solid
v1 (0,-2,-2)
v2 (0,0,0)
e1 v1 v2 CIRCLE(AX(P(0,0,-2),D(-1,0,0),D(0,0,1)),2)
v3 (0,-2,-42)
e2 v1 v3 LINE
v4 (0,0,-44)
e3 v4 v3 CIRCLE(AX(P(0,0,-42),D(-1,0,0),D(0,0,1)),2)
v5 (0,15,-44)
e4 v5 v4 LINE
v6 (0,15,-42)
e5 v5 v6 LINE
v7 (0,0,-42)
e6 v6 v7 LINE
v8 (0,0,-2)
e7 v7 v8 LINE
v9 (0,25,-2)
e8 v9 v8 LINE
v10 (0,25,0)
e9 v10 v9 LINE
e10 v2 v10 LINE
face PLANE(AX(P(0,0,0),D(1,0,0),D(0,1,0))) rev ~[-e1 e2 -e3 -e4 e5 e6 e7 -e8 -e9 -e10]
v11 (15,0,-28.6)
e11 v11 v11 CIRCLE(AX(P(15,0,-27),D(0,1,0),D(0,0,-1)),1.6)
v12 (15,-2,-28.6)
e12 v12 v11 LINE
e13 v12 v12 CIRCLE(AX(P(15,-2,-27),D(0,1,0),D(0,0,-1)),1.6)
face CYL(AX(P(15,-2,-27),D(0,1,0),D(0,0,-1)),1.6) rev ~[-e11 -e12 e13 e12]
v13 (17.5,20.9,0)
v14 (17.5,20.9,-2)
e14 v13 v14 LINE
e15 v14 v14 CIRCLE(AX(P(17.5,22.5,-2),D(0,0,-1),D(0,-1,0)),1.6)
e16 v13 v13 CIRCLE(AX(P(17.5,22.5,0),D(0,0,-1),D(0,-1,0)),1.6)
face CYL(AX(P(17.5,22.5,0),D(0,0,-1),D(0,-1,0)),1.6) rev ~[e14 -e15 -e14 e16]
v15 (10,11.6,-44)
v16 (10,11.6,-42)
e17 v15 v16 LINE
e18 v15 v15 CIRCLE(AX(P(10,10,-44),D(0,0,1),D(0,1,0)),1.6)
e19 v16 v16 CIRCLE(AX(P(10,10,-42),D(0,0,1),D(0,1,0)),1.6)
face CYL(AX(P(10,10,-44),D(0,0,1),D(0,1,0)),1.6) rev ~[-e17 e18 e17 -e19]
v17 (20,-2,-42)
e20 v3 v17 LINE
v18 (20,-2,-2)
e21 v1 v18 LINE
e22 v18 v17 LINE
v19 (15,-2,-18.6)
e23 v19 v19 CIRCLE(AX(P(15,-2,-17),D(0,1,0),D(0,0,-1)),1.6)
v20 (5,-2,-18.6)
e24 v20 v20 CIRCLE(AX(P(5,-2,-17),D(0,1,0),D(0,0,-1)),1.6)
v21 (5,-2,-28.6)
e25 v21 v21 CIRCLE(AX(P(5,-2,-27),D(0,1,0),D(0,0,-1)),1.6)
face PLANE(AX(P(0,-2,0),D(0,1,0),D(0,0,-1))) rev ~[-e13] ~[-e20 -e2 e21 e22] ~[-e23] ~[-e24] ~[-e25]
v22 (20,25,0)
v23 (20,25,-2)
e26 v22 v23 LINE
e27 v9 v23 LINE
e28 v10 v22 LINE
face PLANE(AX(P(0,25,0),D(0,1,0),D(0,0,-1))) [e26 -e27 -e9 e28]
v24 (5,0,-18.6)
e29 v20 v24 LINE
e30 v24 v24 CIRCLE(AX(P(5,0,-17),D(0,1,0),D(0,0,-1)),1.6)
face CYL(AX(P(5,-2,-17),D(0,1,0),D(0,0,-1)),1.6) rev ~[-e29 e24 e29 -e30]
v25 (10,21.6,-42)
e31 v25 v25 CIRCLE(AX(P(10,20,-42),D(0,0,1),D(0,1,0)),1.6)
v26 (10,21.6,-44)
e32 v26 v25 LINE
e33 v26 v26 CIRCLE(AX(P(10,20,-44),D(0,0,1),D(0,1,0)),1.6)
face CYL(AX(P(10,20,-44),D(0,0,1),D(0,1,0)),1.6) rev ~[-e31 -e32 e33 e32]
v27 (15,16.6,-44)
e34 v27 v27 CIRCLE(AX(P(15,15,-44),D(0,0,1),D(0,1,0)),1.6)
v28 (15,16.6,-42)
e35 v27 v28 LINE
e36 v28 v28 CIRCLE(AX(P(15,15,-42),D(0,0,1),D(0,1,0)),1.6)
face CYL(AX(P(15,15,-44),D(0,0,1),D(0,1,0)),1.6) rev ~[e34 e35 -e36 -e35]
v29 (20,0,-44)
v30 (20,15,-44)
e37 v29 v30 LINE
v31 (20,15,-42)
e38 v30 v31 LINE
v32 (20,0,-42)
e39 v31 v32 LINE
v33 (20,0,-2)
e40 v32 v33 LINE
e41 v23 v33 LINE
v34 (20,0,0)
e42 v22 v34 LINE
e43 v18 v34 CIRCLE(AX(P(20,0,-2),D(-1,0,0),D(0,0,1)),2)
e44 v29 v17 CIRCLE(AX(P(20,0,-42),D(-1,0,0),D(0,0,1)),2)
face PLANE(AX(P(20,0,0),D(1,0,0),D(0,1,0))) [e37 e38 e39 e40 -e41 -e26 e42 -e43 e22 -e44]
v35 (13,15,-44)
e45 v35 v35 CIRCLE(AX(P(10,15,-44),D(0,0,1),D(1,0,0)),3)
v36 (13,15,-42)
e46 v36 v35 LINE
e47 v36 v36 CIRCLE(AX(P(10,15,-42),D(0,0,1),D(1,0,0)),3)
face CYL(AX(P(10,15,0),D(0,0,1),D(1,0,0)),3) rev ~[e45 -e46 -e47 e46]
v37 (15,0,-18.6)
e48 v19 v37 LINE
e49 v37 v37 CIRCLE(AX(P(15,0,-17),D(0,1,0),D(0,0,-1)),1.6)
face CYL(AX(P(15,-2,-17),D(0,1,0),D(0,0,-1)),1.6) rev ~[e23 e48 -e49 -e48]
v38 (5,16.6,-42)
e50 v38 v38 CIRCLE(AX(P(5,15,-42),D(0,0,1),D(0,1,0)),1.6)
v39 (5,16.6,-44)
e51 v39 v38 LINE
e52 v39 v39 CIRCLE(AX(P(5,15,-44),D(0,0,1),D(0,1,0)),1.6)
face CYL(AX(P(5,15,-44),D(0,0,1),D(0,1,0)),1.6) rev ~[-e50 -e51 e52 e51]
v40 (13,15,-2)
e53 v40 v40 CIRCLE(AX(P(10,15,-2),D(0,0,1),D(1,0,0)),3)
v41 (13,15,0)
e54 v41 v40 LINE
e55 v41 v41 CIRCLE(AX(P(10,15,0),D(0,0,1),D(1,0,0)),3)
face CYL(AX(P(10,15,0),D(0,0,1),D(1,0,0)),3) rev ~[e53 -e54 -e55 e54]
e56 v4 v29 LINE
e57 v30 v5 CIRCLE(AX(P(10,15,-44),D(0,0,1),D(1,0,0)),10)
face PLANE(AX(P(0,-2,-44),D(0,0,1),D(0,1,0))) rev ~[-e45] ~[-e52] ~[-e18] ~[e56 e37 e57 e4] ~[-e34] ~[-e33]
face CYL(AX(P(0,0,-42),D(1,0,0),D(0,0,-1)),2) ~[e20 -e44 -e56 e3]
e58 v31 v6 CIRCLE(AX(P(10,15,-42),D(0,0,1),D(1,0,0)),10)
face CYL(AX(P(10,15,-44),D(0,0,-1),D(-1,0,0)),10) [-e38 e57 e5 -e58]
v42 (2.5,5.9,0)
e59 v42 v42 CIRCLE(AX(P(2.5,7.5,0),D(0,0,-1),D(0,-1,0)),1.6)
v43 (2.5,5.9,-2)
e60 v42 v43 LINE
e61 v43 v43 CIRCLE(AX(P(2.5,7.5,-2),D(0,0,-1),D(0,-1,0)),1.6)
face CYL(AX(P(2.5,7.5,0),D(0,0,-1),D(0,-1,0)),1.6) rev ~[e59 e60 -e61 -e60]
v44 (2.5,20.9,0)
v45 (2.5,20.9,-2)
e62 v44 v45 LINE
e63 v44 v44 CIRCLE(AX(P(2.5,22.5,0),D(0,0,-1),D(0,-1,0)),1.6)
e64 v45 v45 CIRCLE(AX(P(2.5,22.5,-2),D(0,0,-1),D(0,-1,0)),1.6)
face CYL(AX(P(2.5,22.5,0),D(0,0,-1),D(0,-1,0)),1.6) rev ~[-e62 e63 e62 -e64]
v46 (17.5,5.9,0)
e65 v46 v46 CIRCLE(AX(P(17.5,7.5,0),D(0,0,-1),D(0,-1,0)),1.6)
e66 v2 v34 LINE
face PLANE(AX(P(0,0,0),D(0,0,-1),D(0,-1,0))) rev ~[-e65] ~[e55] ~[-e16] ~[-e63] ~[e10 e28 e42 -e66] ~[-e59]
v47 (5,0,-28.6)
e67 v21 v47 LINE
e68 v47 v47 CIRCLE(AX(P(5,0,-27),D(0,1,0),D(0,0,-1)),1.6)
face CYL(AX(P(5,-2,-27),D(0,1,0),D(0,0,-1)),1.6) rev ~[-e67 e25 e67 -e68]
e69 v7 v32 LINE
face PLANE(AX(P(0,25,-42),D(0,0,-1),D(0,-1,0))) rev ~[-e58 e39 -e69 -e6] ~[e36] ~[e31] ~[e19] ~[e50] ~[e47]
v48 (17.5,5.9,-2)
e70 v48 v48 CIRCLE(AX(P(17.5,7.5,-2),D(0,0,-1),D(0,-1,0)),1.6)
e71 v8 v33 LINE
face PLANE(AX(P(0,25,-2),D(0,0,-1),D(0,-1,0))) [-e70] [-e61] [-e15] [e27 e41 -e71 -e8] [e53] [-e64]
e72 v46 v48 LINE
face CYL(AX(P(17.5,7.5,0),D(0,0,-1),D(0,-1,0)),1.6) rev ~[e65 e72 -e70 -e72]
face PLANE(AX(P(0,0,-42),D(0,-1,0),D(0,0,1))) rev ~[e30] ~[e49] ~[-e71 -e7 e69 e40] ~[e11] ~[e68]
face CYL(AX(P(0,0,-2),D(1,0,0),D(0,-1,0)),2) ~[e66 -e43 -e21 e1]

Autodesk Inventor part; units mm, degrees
ref_plane "YZ Plane" through (0, 0, 0) normal (1, 0, 0) x (0, 1, 0)
ref_plane "XZ Plane" through (0, 0, 0) normal (0, 1, 0) x (-1, 0, 0)
ref_plane "XY Plane" through (0, 0, 0) normal (0, 0, 1) x (1, 0, 0)
sketch "スケッチ1" plane through (0, 0, 0) normal (1, 0, 0) x (0, 1, 0)
  line L0 (0, 0) -> (-2, 0)
  line L1 (-2, 0) -> (-2, -44)
  line L2 (-2, -44) -> (0, -44)
  line L3 (0, -44) -> (0, 0)
  line L4 (0, -44) -> (25, -44)
  line L5 (25, -44) -> (25, -42)
  line L6 (25, -42) -> (0, -42)
  line L7 (0, -42) -> (0, -44)
  line L8 (0, 0) -> (25, 0)
  line L9 (25, 0) -> (25, -2)
  line L10 (25, -2) -> (0, -2)
  line L11 (0, -2) -> (0, 0)
  dimension "d0" = 2
  dimension "d1" = 44
  dimension "d2" = 25
  dimension "d3" = 2
  dimension "d4" = 25
  dimension "d5" = 2
extrude "押し出し1" add sketch "スケッチ1" along normal blind 20
sketch "スケッチ2" plane through (0, -2, 0) normal (0, 0, 1) x (1, 0, 0)
  line L0 (0, 27) -> (0, 0) projected
  line L1 (0, 27) -> (20, 27) projected
  point P0 (0, 2)
  point P1 (2.5, 24.5)
  point P2 (17.5, 24.5)
  point P3 (17.5, 9.5)
  point P4 (2.5, 9.5)
  dimension "d8" = 2.5
  dimension "d9" = 15
  dimension "d10" = 15
  dimension "d11" = 17.5
hole "穴1" at (2.5, 22.5, 0) at (17.5, 22.5, 0) at (17.5, 7.5, 0) at (2.5, 7.5, 0) direction (0, 0, -1) diameter 3.2 depth 2 tip angle 118
sketch "スケッチ3" plane through (0, -2, 0) normal (0, 0, 1) x (1, 0, 0)
  circle A0 centre (10, 17) radius 3
  line L0 (0, 27) -> (20, 27) projected
  line L1 (0, 27) -> (0, 0) projected
  point P0 (0, 2)
  dimension "d19" = 6
  dimension "d20" = 10
  dimension "d21" = 10
extrude "押し出し2" cut sketch "スケッチ3" against normal through all
sketch "スケッチ4" plane through (0, -2, -44) normal (0, 0, -1) x (-1, 0, 0)
  circle A0 centre (-10, 17) radius 3 projected
  circle A1 centre (-10, 17) radius 5
  point P0 (0, 2)
  point P1 (-10, 22)
  point P2 (-15, 17)
  point P3 (-5, 17)
  point P4 (-10, 12)
  dimension "d24" = 10
hole "穴2" at (10, 20, -44) at (15, 15, -44) at (5, 15, -44) at (10, 10, -44) direction (0, 0, 1) diameter 3.2 depth 2 tip angle 118
sketch "スケッチ5" plane through (0, -2, -44) normal (0, 0, -1) x (-1, 0, 0)
  circle A0 centre (-10, 17) radius 3 projected
  circle A1 centre (-10, 17) radius 10
  line L0 (-20, 27) -> (-20, 2) projected
  line L1 (-20, 17) -> (0, 17)
  line L2 (0, 17) -> (0, 27)
  line L3 (0, 27) -> (-20, 27)
  line L4 (-20, 27) -> (-20, 17)
  point P0 (0, 2)
  point P1 (-10, 27)
  dimension "d32" = 20
extrude "押し出し3" cut sketch "スケッチ5" against normal blind 2 contours A1 L3 L2 | L0 L3 A1
sketch "スケッチ6" plane through (0, -2, -44) normal (0, -1, 0) x (1, 0, 0)
  line L0 (11.6, 0) -> (8.4, 0) projected
  line L1 (10, 0) -> (10, 44)
  line L2 (7, 44) -> (13, 44) projected
  line L3 (0, 2) -> (0, 42) projected
  line L4 (0, 22) -> (20, 22)
  line L5 (20, 2) -> (20, 42) projected
  point P0 (0, 44)
  point P1 (5, 17)
  point P2 (5, 27)
  point P3 (15, 27)
  point P4 (15, 17)
  dimension "d35" = 10
  dimension "d36" = 10
hole "穴3" at (5, -2, -27) at (5, -2, -17) at (15, -2, -17) at (15, -2, -27) direction (0, 1, 0) diameter 3.2 depth 2 tip angle 118
fillet "フィレット1" radius 2 2 edges at (10, -2, -44) (10, -2, 0)
properties part number "サーボモーター25kgcmサーボホーン3" material "アルミニウム 6061"
